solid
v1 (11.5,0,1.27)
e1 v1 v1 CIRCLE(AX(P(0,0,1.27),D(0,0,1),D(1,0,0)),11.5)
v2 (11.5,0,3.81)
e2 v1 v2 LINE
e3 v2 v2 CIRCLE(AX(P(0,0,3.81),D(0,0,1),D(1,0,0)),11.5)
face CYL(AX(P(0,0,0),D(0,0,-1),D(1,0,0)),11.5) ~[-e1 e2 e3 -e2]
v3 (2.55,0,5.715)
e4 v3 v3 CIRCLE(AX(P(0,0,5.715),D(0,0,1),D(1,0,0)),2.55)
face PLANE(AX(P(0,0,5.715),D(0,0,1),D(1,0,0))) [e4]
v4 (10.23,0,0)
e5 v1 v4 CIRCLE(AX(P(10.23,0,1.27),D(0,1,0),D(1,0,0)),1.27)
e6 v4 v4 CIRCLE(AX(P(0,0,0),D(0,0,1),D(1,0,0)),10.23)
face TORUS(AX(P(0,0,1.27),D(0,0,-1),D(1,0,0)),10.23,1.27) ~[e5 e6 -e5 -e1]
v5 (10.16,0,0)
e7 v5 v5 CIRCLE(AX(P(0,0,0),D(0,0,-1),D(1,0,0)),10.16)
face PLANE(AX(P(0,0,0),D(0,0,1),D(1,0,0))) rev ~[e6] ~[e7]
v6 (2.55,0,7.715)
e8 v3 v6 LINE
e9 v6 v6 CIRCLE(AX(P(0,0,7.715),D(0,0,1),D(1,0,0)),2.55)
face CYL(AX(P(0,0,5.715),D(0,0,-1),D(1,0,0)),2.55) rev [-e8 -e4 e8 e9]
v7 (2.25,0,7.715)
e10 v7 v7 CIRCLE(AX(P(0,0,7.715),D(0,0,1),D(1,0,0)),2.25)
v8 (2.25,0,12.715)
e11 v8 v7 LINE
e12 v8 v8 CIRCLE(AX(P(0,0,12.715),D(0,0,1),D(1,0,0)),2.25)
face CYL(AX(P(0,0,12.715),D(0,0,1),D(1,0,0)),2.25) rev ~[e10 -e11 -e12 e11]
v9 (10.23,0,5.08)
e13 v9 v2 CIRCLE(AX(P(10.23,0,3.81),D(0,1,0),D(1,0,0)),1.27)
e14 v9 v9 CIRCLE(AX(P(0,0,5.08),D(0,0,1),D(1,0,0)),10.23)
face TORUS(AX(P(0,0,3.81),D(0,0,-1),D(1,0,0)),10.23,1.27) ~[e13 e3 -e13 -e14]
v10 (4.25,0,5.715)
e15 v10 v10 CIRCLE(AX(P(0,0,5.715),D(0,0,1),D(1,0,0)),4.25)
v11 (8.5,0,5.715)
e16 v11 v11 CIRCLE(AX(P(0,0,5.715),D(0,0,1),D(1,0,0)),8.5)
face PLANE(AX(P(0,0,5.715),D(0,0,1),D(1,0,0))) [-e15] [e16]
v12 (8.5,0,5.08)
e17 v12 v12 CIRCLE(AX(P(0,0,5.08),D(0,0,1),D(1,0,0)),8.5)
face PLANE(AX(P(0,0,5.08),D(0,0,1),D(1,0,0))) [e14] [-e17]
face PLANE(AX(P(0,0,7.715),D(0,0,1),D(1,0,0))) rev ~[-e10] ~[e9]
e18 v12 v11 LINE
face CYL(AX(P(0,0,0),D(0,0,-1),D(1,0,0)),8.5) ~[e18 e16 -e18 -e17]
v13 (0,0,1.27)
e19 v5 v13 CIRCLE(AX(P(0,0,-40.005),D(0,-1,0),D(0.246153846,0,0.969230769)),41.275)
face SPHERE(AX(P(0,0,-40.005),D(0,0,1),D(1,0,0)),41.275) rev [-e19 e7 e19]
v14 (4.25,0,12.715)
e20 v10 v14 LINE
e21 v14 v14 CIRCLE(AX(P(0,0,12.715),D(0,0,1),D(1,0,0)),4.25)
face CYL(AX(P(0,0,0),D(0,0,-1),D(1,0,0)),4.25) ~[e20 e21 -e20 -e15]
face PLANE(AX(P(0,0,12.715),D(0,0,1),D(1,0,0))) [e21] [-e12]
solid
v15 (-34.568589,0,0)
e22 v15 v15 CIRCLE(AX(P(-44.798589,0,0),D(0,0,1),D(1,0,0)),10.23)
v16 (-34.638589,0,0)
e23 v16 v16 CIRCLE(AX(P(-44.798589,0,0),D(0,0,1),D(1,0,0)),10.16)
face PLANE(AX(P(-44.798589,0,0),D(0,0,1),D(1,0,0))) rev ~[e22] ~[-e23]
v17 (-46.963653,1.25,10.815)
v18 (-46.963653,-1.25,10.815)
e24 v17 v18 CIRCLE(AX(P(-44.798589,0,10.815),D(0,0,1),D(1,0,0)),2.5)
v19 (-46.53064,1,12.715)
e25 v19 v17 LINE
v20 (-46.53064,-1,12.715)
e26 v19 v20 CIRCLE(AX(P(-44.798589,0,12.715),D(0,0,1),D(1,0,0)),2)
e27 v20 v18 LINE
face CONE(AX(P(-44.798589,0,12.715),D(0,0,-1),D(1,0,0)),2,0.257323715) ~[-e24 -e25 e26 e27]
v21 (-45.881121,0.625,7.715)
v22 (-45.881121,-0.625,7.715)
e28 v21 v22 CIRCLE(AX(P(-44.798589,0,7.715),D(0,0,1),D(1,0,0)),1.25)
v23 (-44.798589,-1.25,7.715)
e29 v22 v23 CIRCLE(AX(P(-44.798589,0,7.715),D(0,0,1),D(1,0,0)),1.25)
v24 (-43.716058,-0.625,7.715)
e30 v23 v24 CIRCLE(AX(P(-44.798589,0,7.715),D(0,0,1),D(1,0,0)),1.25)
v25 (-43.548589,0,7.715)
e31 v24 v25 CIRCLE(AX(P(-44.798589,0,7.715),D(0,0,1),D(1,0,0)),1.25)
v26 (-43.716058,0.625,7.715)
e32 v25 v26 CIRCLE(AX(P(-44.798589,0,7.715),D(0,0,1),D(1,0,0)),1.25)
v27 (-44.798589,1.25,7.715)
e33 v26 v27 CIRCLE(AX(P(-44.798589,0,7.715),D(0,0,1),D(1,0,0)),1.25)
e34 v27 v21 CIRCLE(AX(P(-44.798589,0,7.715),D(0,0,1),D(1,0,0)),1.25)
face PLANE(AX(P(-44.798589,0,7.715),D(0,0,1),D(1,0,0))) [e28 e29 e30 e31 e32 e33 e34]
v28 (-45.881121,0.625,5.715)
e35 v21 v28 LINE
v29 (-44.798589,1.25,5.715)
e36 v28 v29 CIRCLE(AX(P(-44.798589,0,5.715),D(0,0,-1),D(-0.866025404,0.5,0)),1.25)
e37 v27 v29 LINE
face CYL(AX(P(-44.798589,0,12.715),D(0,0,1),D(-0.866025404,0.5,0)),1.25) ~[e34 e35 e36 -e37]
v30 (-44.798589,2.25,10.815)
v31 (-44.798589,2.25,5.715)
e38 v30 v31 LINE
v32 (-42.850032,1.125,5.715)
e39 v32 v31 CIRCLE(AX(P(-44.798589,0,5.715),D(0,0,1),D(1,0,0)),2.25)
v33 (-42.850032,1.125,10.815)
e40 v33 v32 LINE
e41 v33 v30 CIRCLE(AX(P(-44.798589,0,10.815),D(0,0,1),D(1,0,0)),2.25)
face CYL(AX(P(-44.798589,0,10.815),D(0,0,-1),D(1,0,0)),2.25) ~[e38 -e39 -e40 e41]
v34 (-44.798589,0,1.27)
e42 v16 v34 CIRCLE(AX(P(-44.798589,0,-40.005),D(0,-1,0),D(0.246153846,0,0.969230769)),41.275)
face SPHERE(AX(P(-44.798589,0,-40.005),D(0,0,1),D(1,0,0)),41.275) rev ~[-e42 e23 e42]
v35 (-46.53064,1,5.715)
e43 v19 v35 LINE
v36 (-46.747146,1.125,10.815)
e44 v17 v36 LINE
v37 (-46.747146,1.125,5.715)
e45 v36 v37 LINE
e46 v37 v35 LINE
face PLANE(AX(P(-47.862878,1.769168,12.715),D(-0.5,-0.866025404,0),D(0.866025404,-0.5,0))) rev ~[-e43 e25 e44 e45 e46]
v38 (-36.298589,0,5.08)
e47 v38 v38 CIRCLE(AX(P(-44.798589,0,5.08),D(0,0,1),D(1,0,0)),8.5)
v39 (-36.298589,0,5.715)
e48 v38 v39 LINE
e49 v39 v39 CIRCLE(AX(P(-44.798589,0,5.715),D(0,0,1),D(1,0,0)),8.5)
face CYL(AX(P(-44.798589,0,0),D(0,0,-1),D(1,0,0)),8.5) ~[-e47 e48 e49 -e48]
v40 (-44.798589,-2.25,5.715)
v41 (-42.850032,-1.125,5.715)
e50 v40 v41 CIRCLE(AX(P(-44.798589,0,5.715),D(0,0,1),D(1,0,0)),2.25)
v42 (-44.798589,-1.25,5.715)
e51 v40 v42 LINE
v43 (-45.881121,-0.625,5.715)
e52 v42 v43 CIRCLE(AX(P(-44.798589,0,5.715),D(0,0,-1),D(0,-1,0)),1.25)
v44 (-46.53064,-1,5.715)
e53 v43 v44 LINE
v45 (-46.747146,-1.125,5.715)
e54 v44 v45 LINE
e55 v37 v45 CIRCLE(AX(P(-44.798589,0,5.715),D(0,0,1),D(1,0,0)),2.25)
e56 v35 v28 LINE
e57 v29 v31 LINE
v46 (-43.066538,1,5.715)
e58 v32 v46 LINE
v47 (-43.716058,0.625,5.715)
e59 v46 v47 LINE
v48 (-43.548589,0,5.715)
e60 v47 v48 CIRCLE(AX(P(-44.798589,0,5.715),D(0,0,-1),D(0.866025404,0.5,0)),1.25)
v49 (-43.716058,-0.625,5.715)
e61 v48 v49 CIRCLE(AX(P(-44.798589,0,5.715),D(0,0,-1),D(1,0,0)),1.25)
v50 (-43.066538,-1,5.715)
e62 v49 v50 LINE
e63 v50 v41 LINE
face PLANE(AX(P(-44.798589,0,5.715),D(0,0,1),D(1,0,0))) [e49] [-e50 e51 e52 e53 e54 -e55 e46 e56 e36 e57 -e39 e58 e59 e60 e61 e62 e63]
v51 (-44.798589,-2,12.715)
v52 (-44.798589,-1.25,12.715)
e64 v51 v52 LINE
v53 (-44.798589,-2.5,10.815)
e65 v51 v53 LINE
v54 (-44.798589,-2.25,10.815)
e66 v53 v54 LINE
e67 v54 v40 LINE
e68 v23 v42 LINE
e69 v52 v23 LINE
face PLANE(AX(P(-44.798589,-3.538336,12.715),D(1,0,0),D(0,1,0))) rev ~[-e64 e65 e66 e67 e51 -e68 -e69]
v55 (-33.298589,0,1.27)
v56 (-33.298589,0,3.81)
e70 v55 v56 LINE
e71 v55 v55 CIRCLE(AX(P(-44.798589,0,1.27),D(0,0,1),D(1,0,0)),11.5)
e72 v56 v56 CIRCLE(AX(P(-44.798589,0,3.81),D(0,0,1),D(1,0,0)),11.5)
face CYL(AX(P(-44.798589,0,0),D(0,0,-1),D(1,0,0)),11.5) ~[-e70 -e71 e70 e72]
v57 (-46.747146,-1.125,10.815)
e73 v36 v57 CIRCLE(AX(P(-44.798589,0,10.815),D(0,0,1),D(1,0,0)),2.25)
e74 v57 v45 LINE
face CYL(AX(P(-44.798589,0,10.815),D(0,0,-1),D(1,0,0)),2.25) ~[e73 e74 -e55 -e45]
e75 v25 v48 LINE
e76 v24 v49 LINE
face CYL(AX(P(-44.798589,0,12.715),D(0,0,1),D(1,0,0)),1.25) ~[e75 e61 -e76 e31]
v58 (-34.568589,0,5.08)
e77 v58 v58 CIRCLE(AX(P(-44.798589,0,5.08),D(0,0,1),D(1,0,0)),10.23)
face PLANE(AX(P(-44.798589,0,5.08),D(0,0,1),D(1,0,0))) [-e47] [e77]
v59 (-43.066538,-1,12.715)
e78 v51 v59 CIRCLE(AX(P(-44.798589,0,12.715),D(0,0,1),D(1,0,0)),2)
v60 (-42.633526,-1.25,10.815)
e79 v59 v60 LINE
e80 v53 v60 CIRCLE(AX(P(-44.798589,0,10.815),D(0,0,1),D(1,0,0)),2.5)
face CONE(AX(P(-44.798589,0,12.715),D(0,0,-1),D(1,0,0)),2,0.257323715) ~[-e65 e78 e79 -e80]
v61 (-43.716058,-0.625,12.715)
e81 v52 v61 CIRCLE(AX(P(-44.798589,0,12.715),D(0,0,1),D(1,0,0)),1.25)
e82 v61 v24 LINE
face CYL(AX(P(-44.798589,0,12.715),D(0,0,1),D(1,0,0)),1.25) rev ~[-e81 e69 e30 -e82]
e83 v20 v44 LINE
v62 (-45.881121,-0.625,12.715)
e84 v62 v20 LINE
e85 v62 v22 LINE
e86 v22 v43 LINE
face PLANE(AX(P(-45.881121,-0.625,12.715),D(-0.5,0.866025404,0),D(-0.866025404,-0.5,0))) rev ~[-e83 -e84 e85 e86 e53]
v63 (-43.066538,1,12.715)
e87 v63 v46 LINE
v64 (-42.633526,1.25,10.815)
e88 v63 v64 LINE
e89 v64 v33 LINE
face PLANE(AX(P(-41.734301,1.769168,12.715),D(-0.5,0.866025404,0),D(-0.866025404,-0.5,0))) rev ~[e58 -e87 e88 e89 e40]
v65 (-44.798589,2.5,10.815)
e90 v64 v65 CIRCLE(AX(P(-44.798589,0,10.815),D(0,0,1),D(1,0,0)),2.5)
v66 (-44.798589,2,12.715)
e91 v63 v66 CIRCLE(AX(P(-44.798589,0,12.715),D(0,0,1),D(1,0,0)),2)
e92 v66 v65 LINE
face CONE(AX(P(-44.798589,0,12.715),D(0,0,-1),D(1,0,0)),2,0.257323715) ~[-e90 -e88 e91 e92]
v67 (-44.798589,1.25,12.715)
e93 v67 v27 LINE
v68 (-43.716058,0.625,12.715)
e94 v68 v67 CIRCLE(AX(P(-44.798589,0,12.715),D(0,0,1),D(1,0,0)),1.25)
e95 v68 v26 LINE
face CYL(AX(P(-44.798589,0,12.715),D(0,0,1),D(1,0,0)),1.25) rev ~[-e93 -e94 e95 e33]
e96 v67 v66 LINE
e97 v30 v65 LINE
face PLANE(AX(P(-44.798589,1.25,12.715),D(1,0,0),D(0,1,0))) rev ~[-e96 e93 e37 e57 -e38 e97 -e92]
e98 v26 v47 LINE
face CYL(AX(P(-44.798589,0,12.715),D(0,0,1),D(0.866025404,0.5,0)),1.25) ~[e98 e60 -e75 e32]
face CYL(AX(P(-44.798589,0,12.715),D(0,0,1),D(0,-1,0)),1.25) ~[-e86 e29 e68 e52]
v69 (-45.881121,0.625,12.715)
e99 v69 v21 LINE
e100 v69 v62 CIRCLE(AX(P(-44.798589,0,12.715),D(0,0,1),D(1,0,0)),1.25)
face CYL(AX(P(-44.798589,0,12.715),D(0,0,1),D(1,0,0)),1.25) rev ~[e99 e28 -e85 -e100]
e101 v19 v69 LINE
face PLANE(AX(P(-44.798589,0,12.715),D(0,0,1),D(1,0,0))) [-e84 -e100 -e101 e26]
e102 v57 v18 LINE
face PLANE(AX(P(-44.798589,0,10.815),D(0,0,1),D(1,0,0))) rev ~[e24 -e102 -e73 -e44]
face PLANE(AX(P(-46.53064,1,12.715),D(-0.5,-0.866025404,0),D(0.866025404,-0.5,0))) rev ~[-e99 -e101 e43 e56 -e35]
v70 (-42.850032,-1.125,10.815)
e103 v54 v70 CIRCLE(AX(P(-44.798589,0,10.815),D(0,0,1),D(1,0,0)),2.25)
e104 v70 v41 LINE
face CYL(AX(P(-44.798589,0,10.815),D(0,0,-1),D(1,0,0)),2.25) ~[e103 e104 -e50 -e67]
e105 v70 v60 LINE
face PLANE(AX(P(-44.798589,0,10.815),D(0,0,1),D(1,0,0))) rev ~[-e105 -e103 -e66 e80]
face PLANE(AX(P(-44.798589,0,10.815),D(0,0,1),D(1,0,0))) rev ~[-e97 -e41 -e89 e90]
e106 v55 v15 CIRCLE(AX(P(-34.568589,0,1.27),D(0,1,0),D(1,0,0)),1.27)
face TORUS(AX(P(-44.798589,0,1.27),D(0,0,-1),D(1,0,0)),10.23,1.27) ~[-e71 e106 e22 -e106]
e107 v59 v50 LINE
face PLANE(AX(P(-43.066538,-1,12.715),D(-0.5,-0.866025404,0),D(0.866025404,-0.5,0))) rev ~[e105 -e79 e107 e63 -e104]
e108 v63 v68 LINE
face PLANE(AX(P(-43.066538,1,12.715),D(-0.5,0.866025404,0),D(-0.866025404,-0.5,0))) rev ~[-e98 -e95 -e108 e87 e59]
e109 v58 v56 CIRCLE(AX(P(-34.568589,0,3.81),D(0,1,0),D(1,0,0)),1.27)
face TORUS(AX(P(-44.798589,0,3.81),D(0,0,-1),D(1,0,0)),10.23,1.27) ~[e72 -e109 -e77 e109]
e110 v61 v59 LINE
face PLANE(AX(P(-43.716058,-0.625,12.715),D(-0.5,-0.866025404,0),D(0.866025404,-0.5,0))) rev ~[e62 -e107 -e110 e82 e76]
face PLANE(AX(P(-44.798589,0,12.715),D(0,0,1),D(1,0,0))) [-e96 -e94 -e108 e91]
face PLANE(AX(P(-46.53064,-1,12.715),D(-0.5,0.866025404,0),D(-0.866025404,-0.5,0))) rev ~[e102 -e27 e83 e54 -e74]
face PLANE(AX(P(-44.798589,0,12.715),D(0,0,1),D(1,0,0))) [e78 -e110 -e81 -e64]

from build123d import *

# Parameters (mm, degrees)
F0_R      = 11.5
F0_R_2    = 8.5
F1_DEPTH  = 5.08
F0_R_3    = 4.25
F2_DEPTH  = 5.715
F3_DEPTH  = 12.715
F4_R      = 1.27
F5_R      = 11.5
F5_R_2    = 8.5
F6_DEPTH  = 5.08
F5_R_3    = 2.5
F7_DEPTH  = 5.715
F8_DEPTH  = 12.715
F9_R      = 2.25
F10_DEPTH = 7
F11_R     = 1.27
F12_R     = 2.55
F13_DEPTH = 2
F16_R     = 1.25
F17_DEPTH = 5
F19_DEPTH = 7


with BuildPart() as f1:
    # F0 (on Top) → F1 (new body)
    with BuildSketch(Plane.XY):
        Circle(F0_R)
        Circle(F0_R_2, mode=Mode.SUBTRACT)
    extrude(amount=F1_DEPTH)

    # F0 (on Top) → F2 (join)
    with BuildSketch(Plane.XY):
        Circle(F0_R_2)
        Circle(F0_R_3, mode=Mode.SUBTRACT)
    extrude(amount=F2_DEPTH)

    # F0 (on Top) → F3 (join)
    with BuildSketch(Plane.XY):
        Circle(F0_R_3)
    extrude(amount=F3_DEPTH)

    # F4
    f4_edges = [f1.edges().sort_by_distance(p)[0] for p in [
        (-11.5, 0, 5.08),
        (-11.5, 0, 0),
    ]]
    fillet(f4_edges, radius=F4_R)

    # F9 (on face) → F10 (cut)
    with BuildSketch(Plane.XY.offset(12.715)):
        Circle(F9_R)
    extrude(amount=-F10_DEPTH, mode=Mode.SUBTRACT)

    # F12 (on face) → F13 (cut)
    with BuildSketch(Plane.XY.offset(5.715)):
        Circle(F12_R)
    extrude(amount=F13_DEPTH, mode=Mode.SUBTRACT)

    # F20 (on Front) → F21 (revolve, cut)
    with BuildSketch(Plane.XZ):
        with BuildLine():
            Line((0, 1.27), (0, 0))
            Line((0, 0), (10.16, 0))
            ThreePointArc((10.16, 0), (5.1195336702, 0.9512693614), (0, 1.27))
        make_face()
    revolve(axis=Axis((0, 0, -1.3599131489), (0, 0, -1)), mode=Mode.SUBTRACT)


with BuildPart() as f6:
    # F5 (on Top) → F6 (new body)
    with BuildSketch(Plane.XY):
        with Locations((-44.7985892718, 0)):
            Circle(F5_R)
        with Locations((-44.7985892718, 0)):
            Circle(F5_R_2, mode=Mode.SUBTRACT)
    extrude(amount=F6_DEPTH)

    # F5 (on Top) → F7 (join)
    with BuildSketch(Plane.XY):
        with Locations((-44.7985892718, 0)):
            Circle(F5_R_2)
        with Locations((-44.7985892718, 0)):
            Circle(F5_R_3, mode=Mode.SUBTRACT)
    extrude(amount=F7_DEPTH)

    # F5 (on Top) → F8 (join)
    with BuildSketch(Plane.XY):
        with Locations((-44.7985892718, 0)):
            Circle(F5_R_3)
    extrude(amount=F8_DEPTH)

    # F11
    f11_edges = [f6.edges().sort_by_distance(p)[0] for p in [
        (-56.298589, 0, 5.08),
        (-56.298589, 0, 0),
    ]]
    fillet(f11_edges, radius=F11_R)

    # F14 (on Front) → F15 (revolve, cut)
    with BuildSketch(Plane.XZ):
        Polygon((-42.5485892718, 10.815), (-42.5485892718, 5.715), (-41.8997183442, 5.715), (-41.6368916631, 10.815), (-42.2985892718, 10.815), align=None)
        Polygon((-42.5485892718, 12.715), (-42.7985892718, 12.715), (-42.2985892718, 10.815), (-41.6368916631, 10.815), (-41.8774240868, 12.8033112086), align=None)
    revolve(axis=Axis((-44.7985892718, 0, 6.3575), (0, 0, 1)), mode=Mode.SUBTRACT)

    # F16 (on face) → F17 (cut)
    with BuildSketch(Plane.XY.offset(12.715)):
        with Locations((-44.7985892718, 0)):
            Circle(F16_R)
    extrude(amount=-F17_DEPTH, mode=Mode.SUBTRACT)

    # F18 (on face) → F19 (cut)
    with BuildSketch(Plane.XY.offset(12.715)):
        with BuildLine():
            Line((-44.7985892718, 2), (-44.7985892718, 3.5383357842))
            ThreePointArc((-44.7985892718, 3.5383357842), (-46.5677571638, 3.0642886762), (-47.862877948, 1.7691678921))
            Line((-47.862877948, 1.7691678921), (-46.5306400793, 1))
            ThreePointArc((-46.5306400793, 1), (-45.7985892718, 1.7320508076), (-44.7985892718, 2))
        make_face()
        with BuildLine():
            ThreePointArc((-41.7343005956, -1.7691678921), (-41.3808193558, -0.9157886889), (-41.2602534876, 0))
            ThreePointArc((-41.2602534876, 0), (-41.3808193558, 0.9157886889), (-41.7343005956, 1.7691678921))
            Line((-41.7343005956, 1.7691678921), (-43.0665384642, 1))
            ThreePointArc((-43.0665384642, 1), (-42.8667376192, 0.5176380902), (-42.7985892718, 0))
            ThreePointArc((-42.7985892718, 0), (-42.8667376192, -0.5176380902), (-43.0665384642, -1))
            Line((-43.0665384642, -1), (-41.7343005956, -1.7691678921))
        make_face()
        with BuildLine():
            ThreePointArc((-47.862877948, -1.7691678921), (-46.5677571638, -3.0642886762), (-44.7985892718, -3.5383357842))
            Line((-44.7985892718, -3.5383357842), (-44.7985892718, -2))
            ThreePointArc((-44.7985892718, -2), (-45.7985892718, -1.7320508076), (-46.5306400793, -1))
            Line((-46.5306400793, -1), (-47.862877948, -1.7691678921))
        make_face()
        with BuildLine():
            ThreePointArc((-42.7985892718, 0), (-42.8667376192, 0.5176380902), (-43.0665384642, 1))
            Line((-43.0665384642, 1), (-43.716057517, 0.625))
            ThreePointArc((-43.716057517, 0.625), (-43.5911819889, 0.3235238064), (-43.5485892718, 0))
            ThreePointArc((-43.5485892718, 0), (-43.5911819889, -0.3235238064), (-43.716057517, -0.625))
            Line((-43.716057517, -0.625), (-43.0665384642, -1))
            ThreePointArc((-43.0665384642, -1), (-42.8667376192, -0.5176380902), (-42.7985892718, 0))
        make_face()
        with BuildLine():
            ThreePointArc((-46.5306400793, -1), (-45.7985892718, -1.7320508076), (-44.7985892718, -2))
            Line((-44.7985892718, -2), (-44.7985892718, -1.25))
            ThreePointArc((-44.7985892718, -1.25), (-45.4235892718, -1.0825317547), (-45.8811210265, -0.625))
            Line((-45.8811210265, -0.625), (-46.5306400793, -1))
        make_face()
        with BuildLine():
            Line((-44.7985892718, 1.25), (-44.7985892718, 2))
            ThreePointArc((-44.7985892718, 2), (-45.7985892718, 1.7320508076), (-46.5306400793, 1))
            Line((-46.5306400793, 1), (-45.8811210265, 0.625))
            ThreePointArc((-45.8811210265, 0.625), (-45.4235892718, 1.0825317547), (-44.7985892718, 1.25))
        make_face()
    extrude(amount=-F19_DEPTH, mode=Mode.SUBTRACT)

    # F22 (on Front) → F23 (revolve, cut)
    with BuildSketch(Plane.XZ):
        with BuildLine():
            Line((-44.7985892718, 1.27), (-44.7985892718, 0))
            Line((-44.7985892718, 0), (-34.6385892718, 0))
            ThreePointArc((-34.6385892718, 0), (-39.6790556016, 0.9512693614), (-44.7985892718, 1.27))
        make_face()
    revolve(axis=Axis((-44.7985892718, 0, 0.635), (0, 0, 1)), mode=Mode.SUBTRACT)


solid = Compound([f1.part, f6.part])
